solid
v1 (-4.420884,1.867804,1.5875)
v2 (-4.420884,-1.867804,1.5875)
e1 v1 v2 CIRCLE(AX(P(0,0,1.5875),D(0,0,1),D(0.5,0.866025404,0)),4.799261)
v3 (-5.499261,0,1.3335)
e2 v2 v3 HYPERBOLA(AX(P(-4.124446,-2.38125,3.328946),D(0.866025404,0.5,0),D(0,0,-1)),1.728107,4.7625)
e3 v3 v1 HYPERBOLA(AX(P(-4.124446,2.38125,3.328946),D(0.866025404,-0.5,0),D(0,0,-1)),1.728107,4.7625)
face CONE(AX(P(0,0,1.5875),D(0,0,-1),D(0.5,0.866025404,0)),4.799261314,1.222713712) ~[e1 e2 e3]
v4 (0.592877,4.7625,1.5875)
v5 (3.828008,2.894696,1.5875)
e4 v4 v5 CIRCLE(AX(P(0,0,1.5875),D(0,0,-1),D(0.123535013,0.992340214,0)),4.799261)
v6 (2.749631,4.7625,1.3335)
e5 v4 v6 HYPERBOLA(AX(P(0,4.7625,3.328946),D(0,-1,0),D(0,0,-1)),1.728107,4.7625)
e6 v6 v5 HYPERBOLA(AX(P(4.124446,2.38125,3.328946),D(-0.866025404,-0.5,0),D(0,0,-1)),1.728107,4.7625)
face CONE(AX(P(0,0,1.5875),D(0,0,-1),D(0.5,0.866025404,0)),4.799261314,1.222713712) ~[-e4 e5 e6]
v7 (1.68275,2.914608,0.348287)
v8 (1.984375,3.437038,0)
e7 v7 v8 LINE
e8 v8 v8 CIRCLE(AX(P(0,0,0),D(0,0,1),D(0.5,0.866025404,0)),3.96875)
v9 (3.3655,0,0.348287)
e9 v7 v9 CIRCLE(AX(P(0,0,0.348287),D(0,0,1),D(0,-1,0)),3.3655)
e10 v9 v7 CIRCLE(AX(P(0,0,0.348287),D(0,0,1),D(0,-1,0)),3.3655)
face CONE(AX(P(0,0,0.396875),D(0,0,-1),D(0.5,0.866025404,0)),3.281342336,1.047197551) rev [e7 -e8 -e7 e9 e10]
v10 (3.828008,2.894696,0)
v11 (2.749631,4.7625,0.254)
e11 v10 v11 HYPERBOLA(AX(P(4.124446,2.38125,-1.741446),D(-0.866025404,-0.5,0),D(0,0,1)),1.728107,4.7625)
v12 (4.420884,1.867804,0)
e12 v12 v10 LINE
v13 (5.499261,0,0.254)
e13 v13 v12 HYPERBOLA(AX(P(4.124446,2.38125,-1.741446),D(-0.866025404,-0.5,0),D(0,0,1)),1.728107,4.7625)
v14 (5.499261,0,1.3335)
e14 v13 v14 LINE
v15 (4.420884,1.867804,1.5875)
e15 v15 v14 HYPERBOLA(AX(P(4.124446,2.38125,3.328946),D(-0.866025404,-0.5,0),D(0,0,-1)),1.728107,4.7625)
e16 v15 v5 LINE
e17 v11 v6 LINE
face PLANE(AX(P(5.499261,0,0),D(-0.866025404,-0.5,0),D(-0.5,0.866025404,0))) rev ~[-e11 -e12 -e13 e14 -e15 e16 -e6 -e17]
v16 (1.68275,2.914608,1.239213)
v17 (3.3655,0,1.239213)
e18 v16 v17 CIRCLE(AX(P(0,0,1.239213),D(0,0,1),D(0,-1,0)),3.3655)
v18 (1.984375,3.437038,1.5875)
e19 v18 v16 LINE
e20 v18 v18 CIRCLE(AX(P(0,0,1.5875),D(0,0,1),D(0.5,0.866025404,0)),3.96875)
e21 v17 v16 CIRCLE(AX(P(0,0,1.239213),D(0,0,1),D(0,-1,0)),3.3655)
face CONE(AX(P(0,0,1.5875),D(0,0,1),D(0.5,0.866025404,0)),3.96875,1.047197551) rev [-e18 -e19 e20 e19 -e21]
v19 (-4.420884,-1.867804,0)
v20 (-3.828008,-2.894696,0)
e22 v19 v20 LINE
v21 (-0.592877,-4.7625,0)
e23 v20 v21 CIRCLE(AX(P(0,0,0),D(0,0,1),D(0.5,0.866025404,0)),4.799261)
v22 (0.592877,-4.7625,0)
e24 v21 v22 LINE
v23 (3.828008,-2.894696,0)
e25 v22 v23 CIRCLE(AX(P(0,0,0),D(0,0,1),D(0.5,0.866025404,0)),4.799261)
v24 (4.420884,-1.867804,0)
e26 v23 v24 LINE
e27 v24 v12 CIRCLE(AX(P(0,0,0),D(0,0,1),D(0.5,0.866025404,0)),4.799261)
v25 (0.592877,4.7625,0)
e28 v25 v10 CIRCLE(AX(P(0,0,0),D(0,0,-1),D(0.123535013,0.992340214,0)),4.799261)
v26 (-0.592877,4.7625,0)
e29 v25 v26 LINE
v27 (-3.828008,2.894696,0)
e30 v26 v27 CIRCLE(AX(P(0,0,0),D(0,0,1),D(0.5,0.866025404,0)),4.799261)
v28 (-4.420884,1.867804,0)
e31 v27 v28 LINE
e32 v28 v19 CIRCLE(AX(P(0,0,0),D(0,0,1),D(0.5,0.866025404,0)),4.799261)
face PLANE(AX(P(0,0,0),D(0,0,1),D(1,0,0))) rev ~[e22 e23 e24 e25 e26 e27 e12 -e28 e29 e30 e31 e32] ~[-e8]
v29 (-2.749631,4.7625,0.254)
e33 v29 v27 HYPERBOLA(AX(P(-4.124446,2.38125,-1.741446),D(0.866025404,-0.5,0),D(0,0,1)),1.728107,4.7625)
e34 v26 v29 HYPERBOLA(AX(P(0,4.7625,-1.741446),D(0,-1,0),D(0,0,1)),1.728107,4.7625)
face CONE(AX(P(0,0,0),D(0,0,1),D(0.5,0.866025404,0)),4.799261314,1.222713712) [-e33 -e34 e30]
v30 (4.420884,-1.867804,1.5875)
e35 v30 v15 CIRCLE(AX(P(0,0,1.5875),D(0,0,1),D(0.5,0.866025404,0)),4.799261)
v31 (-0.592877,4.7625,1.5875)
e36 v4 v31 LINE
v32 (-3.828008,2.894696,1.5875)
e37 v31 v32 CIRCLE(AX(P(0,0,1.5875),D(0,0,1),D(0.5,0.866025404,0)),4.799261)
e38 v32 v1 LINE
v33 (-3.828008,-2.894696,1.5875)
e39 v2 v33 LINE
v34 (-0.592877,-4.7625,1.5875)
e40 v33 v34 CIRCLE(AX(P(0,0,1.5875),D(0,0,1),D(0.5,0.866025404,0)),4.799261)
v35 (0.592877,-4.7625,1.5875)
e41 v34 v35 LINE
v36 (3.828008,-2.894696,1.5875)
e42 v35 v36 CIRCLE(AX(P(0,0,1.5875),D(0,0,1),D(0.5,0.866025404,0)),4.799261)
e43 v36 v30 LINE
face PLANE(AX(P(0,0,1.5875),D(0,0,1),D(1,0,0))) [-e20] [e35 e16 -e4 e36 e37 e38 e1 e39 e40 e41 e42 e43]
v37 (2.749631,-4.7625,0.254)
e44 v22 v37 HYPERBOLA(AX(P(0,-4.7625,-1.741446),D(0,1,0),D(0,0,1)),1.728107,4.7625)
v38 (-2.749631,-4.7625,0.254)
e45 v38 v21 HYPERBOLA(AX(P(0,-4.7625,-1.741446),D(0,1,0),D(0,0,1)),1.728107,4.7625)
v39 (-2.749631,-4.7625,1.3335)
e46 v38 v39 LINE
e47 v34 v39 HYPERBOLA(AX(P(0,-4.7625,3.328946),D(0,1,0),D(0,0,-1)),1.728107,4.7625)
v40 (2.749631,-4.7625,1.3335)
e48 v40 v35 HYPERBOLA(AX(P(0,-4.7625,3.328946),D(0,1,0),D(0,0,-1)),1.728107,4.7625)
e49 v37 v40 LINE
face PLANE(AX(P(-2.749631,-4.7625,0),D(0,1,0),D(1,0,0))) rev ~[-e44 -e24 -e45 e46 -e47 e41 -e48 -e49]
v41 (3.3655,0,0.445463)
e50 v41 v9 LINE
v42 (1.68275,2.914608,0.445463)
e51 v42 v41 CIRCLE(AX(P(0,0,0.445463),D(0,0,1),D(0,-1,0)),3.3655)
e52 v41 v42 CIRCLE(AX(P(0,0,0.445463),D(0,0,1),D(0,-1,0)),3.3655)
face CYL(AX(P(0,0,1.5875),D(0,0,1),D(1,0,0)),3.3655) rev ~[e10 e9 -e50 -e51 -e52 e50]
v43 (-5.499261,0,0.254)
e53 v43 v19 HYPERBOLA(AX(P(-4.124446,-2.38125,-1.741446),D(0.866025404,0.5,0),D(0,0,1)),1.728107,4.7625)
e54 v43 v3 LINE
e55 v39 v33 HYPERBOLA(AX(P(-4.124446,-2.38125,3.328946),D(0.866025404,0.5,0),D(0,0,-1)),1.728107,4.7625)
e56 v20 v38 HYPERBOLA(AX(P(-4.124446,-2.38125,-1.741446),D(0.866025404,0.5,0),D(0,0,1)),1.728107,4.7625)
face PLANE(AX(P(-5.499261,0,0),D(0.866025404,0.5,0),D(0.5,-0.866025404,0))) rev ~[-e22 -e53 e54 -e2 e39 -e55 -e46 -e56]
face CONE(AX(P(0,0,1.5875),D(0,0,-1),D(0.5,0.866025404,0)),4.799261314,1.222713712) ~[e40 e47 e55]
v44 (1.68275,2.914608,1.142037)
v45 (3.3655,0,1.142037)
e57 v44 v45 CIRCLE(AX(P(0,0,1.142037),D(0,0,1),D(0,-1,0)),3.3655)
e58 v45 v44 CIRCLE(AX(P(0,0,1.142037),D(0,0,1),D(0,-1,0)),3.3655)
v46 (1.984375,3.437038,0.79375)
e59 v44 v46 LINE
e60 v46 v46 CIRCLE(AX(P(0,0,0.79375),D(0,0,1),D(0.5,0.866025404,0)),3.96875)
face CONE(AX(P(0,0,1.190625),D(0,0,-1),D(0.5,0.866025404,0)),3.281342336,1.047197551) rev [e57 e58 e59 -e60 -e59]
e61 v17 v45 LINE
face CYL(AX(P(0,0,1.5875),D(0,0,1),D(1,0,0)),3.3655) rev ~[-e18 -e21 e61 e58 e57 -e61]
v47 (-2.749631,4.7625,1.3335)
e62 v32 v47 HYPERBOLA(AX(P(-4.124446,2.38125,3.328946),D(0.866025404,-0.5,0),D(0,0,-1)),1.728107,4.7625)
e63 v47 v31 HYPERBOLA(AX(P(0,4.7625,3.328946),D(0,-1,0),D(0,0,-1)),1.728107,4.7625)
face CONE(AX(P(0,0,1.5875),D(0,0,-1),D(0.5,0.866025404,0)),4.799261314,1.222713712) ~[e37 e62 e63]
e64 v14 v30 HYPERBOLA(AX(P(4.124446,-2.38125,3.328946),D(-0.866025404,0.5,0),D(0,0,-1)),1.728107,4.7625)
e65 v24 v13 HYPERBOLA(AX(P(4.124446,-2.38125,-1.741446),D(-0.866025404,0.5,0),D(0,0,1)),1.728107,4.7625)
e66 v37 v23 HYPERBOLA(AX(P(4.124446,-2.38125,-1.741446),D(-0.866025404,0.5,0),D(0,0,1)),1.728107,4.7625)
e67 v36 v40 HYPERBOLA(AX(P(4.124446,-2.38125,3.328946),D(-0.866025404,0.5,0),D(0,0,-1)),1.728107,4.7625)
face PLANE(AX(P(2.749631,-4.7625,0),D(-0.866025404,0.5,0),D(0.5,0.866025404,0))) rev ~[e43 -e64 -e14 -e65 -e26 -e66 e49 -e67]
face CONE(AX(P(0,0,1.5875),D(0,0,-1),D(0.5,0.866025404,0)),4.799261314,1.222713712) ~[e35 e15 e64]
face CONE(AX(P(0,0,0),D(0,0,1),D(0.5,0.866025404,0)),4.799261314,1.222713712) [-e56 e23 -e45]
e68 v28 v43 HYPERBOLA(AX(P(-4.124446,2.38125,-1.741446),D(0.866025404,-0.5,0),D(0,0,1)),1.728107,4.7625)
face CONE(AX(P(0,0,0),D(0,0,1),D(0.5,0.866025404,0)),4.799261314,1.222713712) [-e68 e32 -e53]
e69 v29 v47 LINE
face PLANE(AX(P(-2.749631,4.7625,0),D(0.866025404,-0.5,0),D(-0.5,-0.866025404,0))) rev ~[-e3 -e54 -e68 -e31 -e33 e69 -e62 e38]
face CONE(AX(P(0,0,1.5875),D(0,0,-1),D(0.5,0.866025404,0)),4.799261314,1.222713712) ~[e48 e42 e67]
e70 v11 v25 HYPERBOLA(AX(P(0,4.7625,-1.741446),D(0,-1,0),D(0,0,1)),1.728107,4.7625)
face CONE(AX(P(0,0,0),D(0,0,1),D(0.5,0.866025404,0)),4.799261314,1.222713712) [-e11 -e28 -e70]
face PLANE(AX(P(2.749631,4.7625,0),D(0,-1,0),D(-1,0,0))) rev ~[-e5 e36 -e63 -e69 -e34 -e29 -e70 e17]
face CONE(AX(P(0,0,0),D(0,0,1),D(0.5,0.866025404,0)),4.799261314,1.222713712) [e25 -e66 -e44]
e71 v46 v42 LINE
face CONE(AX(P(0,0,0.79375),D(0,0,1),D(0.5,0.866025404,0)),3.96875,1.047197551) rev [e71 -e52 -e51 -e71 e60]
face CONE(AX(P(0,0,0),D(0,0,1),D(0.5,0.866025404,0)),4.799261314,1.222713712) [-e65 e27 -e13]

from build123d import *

# Parameters (mm, degrees)
BASE_EXTRUDE_DEPTH = 1.5875
SKETCH2_R          = 3.3655
CUT_EXTRUDE1_DEPTH = 2.5875
LPATTERN1_COUNT    = 3
LPATTERN1_PITCH    = 0.79375


with BuildPart() as part:
    # Sketch1 → Base-Extrude (new body)
    with BuildSketch(Plane.XY):
        Polygon((5.499261314, 0), (2.749630657, 4.7625), (-2.749630657, 4.7625), (-5.499261314, 0), (-2.749630657, -4.7625), (2.749630657, -4.7625), align=None)
    extrude(amount=BASE_EXTRUDE_DEPTH)

    # Sketch2 → Cut-Extrude1 (cut, through all)
    with BuildSketch(Plane.XY.offset(1.5875)):
        Circle(SKETCH2_R)
    extrude(amount=-CUT_EXTRUDE1_DEPTH, mode=Mode.SUBTRACT)

    # Sketch3 → Cut-Revolve1 (revolve, cut)
    with BuildSketch(Plane(origin=(0, 0, 0), x_dir=(0, 0, 1), z_dir=(-0.866025404, 0.5, 0))):
        Polygon((1.3335, 5.499261314), (1.5875, 5.499261314), (1.5875, 4.799261314), align=None)
    cut_revolve1 = revolve(axis=Axis((0, 0, 0), (0, 0, 1)), mode=Mode.SUBTRACT)

    # Mirror1: Cut-Revolve1 across plane
    add(cut_revolve1.mirror(Plane.XY.offset(0.79375)), mode=Mode.SUBTRACT)

    # Sketch4 → Cut-Revolve2 (revolve, cut)
    with BuildSketch(Plane(origin=(0, 0, 0), x_dir=(0, 0, 1), z_dir=(-0.866025404, 0.5, 0))):
        Polygon((1.5875, 3.96875), (1.190625, 3.281342336), (1.984375, 3.281342336), align=None)
    cut_revolve2 = revolve(axis=Axis((0, 0, 0), (0, 0, 1)), mode=Mode.SUBTRACT)

    # LPattern1: Cut-Revolve2 ×3
    with Locations(*[(0, 0, -i * LPATTERN1_PITCH) for i in range(1, LPATTERN1_COUNT)]):
        add(cut_revolve2, mode=Mode.SUBTRACT)


solid = part.part
